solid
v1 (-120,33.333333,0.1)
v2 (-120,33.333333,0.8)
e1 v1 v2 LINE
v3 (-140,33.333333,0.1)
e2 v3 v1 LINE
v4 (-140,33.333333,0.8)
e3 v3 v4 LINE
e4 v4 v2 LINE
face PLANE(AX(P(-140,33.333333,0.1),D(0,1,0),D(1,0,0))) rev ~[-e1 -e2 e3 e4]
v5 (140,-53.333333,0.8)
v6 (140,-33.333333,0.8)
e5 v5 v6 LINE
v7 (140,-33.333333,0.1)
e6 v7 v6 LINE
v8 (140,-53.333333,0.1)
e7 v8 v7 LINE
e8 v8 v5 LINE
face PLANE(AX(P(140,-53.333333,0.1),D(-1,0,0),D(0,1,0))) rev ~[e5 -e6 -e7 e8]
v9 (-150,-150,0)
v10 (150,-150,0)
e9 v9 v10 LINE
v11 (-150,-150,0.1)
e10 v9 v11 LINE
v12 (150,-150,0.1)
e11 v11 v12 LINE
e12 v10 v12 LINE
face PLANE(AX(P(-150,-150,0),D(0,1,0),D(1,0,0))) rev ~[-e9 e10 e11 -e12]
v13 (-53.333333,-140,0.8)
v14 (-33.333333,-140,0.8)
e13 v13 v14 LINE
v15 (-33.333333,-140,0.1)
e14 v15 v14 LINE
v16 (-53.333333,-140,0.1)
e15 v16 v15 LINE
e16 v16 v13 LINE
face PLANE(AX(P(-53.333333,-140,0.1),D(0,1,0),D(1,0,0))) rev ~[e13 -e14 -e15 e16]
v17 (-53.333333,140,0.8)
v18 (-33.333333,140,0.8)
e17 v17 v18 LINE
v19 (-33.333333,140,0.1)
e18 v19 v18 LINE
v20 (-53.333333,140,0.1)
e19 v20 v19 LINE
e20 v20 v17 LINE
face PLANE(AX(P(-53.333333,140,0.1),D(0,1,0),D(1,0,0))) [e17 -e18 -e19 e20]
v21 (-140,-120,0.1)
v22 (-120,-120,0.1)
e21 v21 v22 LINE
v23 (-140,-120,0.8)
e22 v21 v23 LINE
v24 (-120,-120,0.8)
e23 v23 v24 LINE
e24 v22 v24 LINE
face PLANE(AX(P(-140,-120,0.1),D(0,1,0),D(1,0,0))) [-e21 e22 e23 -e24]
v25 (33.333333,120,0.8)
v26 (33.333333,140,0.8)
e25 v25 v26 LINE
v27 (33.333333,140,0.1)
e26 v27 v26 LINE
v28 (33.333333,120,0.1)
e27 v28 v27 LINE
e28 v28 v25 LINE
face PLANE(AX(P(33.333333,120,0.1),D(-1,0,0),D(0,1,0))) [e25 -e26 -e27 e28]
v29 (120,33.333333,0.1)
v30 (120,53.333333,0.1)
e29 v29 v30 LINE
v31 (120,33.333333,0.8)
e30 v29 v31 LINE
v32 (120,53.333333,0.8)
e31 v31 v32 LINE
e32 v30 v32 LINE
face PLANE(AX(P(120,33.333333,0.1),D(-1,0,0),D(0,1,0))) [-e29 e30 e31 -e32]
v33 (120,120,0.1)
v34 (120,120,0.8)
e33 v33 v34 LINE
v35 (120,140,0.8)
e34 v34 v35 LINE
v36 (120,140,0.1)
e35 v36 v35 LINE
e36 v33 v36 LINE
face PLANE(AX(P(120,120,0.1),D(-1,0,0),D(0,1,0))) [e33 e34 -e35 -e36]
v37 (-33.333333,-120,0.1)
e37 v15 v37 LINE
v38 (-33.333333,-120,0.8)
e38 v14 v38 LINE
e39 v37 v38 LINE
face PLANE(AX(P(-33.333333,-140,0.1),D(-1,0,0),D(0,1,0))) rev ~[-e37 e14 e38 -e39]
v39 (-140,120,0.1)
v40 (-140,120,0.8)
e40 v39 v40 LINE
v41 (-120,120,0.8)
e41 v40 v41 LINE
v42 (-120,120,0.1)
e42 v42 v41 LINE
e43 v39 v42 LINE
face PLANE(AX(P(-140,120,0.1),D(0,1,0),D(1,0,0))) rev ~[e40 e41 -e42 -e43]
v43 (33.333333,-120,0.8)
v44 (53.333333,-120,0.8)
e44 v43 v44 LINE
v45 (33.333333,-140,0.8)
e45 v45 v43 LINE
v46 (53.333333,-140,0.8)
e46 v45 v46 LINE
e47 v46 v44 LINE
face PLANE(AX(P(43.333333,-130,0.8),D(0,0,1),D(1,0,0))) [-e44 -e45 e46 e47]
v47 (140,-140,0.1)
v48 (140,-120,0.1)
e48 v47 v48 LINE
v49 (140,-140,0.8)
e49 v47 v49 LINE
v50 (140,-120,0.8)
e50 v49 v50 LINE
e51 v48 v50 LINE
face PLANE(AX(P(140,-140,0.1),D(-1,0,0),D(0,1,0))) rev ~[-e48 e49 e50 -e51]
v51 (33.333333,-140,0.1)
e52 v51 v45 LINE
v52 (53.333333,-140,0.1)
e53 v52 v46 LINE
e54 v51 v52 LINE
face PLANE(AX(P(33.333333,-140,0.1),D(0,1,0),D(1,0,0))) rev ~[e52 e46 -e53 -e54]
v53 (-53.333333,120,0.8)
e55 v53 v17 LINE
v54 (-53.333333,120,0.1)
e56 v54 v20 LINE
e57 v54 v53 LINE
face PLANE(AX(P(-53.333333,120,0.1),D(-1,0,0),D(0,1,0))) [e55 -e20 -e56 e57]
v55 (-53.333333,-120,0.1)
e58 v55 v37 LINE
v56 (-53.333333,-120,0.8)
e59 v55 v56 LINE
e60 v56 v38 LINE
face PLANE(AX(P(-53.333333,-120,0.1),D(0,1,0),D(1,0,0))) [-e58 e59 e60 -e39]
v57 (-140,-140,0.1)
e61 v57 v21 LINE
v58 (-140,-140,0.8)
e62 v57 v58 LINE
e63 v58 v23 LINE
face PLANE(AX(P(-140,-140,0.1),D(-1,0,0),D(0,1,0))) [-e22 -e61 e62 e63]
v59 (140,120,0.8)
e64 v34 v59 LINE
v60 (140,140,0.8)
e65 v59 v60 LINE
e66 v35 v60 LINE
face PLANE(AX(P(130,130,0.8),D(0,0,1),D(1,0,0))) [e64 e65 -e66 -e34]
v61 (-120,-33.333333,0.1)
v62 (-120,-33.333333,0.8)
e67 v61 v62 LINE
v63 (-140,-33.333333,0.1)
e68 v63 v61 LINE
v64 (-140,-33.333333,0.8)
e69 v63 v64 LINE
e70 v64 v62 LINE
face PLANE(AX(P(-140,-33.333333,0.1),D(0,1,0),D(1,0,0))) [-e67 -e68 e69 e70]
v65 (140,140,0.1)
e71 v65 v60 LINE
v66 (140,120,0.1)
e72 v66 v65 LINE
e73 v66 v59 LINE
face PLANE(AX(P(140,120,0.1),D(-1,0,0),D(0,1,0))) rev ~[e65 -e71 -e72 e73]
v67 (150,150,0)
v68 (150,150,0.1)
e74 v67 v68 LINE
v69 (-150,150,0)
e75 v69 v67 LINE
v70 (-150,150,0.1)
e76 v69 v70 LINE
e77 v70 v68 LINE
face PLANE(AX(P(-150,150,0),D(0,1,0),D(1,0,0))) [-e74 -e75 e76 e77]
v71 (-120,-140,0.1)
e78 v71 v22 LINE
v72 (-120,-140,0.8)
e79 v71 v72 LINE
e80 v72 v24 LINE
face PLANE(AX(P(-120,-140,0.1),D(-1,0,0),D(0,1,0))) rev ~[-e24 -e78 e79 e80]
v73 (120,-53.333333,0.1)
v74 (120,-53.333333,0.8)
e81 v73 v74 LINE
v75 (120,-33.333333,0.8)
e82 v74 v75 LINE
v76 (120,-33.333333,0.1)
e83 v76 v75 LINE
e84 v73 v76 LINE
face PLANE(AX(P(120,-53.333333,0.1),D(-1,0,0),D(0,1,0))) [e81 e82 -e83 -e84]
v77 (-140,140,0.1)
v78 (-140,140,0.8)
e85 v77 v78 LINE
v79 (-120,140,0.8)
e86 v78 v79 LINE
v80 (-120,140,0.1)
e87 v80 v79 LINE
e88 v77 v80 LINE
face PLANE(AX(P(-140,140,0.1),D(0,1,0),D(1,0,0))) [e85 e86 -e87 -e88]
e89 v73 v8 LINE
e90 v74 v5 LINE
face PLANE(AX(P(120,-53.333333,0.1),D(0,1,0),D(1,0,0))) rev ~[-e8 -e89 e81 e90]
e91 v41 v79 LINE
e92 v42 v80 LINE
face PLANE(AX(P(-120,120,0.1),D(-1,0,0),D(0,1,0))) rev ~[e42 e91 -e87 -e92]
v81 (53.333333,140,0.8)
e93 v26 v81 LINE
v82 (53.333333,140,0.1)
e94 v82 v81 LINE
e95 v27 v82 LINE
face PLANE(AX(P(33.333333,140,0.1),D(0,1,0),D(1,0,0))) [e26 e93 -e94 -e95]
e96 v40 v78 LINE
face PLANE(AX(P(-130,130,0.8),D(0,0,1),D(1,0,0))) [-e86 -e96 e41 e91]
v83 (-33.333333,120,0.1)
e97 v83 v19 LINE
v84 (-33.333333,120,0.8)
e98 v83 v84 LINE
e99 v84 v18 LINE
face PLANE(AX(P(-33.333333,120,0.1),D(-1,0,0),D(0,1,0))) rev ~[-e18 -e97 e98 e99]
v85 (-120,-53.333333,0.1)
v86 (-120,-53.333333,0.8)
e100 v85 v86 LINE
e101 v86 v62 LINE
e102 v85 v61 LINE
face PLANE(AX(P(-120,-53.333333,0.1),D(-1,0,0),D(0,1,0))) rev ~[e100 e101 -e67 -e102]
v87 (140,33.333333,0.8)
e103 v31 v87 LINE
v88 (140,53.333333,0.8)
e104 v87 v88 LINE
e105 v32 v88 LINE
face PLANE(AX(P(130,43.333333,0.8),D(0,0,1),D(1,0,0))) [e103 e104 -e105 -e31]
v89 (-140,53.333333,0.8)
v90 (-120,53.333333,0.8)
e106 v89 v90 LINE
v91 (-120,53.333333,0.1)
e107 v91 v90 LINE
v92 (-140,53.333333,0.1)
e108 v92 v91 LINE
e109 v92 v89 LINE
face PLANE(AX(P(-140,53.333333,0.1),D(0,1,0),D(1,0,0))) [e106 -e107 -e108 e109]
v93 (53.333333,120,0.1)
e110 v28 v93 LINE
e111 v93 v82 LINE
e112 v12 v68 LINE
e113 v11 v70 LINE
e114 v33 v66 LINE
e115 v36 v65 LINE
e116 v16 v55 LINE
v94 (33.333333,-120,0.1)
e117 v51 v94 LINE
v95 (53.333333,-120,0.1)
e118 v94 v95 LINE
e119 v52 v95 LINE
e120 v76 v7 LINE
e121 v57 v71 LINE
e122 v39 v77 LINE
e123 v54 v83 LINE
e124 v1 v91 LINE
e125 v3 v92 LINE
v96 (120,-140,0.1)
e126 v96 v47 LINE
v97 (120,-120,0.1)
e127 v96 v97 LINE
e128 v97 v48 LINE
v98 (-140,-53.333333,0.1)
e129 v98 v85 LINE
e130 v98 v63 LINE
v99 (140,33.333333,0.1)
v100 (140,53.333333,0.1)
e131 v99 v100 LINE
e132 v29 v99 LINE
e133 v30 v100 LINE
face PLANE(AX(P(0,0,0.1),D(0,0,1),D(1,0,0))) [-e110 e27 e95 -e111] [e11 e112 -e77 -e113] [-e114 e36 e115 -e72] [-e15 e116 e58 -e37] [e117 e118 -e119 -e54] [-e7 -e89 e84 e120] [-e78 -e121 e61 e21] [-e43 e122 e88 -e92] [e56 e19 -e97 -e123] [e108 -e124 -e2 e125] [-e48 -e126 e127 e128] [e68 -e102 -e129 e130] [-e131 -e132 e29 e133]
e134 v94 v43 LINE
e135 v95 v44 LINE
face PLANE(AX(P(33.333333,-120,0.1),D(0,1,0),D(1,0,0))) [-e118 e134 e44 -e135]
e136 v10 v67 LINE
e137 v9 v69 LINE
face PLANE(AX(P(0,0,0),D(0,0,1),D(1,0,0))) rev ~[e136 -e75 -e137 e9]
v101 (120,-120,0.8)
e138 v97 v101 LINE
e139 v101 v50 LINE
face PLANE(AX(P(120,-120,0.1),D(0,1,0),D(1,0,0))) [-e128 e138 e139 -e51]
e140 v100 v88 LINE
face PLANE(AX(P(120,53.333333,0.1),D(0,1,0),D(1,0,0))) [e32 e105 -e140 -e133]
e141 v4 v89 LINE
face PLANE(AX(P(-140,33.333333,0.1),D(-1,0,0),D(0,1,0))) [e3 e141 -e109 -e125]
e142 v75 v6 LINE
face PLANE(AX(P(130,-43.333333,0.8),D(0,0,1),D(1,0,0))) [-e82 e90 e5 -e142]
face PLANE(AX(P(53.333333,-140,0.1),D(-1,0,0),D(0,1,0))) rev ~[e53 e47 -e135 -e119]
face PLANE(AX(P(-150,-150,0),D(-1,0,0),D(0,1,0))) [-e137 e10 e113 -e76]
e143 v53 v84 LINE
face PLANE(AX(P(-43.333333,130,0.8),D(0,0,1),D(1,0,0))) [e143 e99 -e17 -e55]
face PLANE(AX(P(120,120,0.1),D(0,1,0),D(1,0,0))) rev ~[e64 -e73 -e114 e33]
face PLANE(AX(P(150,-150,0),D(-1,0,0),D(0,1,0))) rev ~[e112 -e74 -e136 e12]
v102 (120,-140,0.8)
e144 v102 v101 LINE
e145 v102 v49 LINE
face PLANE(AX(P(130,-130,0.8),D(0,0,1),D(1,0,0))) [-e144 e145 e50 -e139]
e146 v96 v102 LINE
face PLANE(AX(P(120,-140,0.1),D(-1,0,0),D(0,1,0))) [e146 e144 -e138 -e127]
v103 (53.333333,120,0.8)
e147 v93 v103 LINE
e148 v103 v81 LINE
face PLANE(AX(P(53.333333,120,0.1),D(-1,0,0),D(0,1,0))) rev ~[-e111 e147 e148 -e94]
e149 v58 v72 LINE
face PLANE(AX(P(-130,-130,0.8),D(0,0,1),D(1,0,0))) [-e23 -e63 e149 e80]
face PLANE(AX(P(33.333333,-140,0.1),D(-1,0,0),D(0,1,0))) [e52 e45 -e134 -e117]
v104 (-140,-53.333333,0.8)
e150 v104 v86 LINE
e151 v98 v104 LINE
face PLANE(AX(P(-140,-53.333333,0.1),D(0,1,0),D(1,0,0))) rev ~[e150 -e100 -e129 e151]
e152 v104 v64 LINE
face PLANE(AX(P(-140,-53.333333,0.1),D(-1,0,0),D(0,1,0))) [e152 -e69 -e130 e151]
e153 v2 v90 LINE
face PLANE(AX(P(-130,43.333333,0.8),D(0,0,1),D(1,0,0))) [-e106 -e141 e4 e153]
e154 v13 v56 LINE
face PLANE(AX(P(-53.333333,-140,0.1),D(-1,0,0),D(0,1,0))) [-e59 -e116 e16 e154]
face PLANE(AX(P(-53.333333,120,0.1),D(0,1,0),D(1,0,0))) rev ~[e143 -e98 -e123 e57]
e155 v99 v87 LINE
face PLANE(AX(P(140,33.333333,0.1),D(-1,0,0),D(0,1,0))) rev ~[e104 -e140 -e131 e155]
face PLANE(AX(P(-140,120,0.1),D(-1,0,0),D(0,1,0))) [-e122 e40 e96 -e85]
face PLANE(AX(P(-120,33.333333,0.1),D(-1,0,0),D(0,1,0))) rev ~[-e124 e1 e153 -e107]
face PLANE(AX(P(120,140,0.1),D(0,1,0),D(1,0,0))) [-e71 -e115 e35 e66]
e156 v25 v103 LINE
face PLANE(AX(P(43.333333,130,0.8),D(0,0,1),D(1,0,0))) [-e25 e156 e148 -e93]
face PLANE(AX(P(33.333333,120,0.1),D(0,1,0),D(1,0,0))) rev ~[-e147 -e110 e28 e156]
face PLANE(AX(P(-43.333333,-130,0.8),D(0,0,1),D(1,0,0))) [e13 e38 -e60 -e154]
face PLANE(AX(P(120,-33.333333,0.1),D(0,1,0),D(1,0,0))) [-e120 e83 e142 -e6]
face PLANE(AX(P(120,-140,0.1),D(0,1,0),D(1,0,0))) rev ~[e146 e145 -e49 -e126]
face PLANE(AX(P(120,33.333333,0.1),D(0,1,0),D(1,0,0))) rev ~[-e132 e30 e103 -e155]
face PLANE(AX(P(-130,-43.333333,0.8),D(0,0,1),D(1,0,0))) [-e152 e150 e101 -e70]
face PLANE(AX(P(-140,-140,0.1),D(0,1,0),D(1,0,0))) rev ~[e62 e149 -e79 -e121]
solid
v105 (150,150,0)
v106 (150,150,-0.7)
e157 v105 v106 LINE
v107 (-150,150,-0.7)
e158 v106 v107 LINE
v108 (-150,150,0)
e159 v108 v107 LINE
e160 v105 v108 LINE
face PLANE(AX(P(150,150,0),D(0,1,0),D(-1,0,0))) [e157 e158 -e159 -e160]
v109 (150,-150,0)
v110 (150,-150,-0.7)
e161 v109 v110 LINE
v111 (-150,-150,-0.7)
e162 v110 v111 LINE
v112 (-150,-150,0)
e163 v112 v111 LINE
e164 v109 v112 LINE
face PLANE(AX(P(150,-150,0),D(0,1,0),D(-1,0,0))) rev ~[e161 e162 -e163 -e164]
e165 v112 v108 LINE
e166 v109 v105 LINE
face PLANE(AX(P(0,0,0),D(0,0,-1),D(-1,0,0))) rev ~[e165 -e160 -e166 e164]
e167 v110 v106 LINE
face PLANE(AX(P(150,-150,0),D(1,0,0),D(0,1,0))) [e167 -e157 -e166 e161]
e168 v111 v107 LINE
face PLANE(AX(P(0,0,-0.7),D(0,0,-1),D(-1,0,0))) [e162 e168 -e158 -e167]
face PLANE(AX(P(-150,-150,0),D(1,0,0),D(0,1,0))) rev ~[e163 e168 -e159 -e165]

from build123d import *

# Parameters (mm, degrees)
SKETCH_1_W      = 300
SKETCH_1_H      = 300
EXTRUDE_1_DEPTH = 0.1
SKETCH_2_W      = 20
SKETCH_2_H      = 20
EXTRUDE_2_DEPTH = 0.7
SKETCH_3_W      = 300
SKETCH_3_H      = 300
EXTRUDE_3_DEPTH = 0.7


with BuildPart() as part:
    # 스케치1 → 보스-돌출1 (new body)
    with BuildSketch(Plane.XY):
        Rectangle(SKETCH_1_W, SKETCH_1_H)
    extrude(amount=EXTRUDE_1_DEPTH)

    # 스케치2 → 보스-돌출2 (add)
    with BuildSketch(Plane.XY.offset(0.1)):
        with Locations((-43.333333333, 130)):
            Rectangle(SKETCH_2_W, SKETCH_2_H)
        with Locations((-130, 130)):
            Rectangle(SKETCH_2_W, SKETCH_2_H)
        with Locations((43.333333333, 130)):
            Rectangle(SKETCH_2_W, SKETCH_2_H)
        with Locations((130, 130)):
            Rectangle(SKETCH_2_W, SKETCH_2_H)
        with Locations((-130, 43.333333333)):
            Rectangle(SKETCH_2_W, SKETCH_2_H)
        with Locations((-130, -43.333333333)):
            Rectangle(SKETCH_2_W, SKETCH_2_H)
        with Locations((-130, -130)):
            Rectangle(SKETCH_2_W, SKETCH_2_H)
        with Locations((130, 43.333333333)):
            Rectangle(SKETCH_2_W, SKETCH_2_H)
        with Locations((130, -43.333333333)):
            Rectangle(SKETCH_2_W, SKETCH_2_H)
        with Locations((-43.333333333, -130)):
            Rectangle(SKETCH_2_W, SKETCH_2_H)
        with Locations((43.333333333, -130)):
            Rectangle(SKETCH_2_W, SKETCH_2_H)
        with Locations((130, -130)):
            Rectangle(SKETCH_2_W, SKETCH_2_H)
    extrude(amount=EXTRUDE_2_DEPTH)


with BuildPart() as body_2:
    # 스케치3 → 보스-돌출3 (new body)
    with BuildSketch(Plane(origin=(0, 0, 0), x_dir=(-1, 0, 0), z_dir=(0, 0, -1))):
        Rectangle(SKETCH_3_W, SKETCH_3_H)
    extrude(amount=EXTRUDE_3_DEPTH)


solid = Compound([part.part, body_2.part])
